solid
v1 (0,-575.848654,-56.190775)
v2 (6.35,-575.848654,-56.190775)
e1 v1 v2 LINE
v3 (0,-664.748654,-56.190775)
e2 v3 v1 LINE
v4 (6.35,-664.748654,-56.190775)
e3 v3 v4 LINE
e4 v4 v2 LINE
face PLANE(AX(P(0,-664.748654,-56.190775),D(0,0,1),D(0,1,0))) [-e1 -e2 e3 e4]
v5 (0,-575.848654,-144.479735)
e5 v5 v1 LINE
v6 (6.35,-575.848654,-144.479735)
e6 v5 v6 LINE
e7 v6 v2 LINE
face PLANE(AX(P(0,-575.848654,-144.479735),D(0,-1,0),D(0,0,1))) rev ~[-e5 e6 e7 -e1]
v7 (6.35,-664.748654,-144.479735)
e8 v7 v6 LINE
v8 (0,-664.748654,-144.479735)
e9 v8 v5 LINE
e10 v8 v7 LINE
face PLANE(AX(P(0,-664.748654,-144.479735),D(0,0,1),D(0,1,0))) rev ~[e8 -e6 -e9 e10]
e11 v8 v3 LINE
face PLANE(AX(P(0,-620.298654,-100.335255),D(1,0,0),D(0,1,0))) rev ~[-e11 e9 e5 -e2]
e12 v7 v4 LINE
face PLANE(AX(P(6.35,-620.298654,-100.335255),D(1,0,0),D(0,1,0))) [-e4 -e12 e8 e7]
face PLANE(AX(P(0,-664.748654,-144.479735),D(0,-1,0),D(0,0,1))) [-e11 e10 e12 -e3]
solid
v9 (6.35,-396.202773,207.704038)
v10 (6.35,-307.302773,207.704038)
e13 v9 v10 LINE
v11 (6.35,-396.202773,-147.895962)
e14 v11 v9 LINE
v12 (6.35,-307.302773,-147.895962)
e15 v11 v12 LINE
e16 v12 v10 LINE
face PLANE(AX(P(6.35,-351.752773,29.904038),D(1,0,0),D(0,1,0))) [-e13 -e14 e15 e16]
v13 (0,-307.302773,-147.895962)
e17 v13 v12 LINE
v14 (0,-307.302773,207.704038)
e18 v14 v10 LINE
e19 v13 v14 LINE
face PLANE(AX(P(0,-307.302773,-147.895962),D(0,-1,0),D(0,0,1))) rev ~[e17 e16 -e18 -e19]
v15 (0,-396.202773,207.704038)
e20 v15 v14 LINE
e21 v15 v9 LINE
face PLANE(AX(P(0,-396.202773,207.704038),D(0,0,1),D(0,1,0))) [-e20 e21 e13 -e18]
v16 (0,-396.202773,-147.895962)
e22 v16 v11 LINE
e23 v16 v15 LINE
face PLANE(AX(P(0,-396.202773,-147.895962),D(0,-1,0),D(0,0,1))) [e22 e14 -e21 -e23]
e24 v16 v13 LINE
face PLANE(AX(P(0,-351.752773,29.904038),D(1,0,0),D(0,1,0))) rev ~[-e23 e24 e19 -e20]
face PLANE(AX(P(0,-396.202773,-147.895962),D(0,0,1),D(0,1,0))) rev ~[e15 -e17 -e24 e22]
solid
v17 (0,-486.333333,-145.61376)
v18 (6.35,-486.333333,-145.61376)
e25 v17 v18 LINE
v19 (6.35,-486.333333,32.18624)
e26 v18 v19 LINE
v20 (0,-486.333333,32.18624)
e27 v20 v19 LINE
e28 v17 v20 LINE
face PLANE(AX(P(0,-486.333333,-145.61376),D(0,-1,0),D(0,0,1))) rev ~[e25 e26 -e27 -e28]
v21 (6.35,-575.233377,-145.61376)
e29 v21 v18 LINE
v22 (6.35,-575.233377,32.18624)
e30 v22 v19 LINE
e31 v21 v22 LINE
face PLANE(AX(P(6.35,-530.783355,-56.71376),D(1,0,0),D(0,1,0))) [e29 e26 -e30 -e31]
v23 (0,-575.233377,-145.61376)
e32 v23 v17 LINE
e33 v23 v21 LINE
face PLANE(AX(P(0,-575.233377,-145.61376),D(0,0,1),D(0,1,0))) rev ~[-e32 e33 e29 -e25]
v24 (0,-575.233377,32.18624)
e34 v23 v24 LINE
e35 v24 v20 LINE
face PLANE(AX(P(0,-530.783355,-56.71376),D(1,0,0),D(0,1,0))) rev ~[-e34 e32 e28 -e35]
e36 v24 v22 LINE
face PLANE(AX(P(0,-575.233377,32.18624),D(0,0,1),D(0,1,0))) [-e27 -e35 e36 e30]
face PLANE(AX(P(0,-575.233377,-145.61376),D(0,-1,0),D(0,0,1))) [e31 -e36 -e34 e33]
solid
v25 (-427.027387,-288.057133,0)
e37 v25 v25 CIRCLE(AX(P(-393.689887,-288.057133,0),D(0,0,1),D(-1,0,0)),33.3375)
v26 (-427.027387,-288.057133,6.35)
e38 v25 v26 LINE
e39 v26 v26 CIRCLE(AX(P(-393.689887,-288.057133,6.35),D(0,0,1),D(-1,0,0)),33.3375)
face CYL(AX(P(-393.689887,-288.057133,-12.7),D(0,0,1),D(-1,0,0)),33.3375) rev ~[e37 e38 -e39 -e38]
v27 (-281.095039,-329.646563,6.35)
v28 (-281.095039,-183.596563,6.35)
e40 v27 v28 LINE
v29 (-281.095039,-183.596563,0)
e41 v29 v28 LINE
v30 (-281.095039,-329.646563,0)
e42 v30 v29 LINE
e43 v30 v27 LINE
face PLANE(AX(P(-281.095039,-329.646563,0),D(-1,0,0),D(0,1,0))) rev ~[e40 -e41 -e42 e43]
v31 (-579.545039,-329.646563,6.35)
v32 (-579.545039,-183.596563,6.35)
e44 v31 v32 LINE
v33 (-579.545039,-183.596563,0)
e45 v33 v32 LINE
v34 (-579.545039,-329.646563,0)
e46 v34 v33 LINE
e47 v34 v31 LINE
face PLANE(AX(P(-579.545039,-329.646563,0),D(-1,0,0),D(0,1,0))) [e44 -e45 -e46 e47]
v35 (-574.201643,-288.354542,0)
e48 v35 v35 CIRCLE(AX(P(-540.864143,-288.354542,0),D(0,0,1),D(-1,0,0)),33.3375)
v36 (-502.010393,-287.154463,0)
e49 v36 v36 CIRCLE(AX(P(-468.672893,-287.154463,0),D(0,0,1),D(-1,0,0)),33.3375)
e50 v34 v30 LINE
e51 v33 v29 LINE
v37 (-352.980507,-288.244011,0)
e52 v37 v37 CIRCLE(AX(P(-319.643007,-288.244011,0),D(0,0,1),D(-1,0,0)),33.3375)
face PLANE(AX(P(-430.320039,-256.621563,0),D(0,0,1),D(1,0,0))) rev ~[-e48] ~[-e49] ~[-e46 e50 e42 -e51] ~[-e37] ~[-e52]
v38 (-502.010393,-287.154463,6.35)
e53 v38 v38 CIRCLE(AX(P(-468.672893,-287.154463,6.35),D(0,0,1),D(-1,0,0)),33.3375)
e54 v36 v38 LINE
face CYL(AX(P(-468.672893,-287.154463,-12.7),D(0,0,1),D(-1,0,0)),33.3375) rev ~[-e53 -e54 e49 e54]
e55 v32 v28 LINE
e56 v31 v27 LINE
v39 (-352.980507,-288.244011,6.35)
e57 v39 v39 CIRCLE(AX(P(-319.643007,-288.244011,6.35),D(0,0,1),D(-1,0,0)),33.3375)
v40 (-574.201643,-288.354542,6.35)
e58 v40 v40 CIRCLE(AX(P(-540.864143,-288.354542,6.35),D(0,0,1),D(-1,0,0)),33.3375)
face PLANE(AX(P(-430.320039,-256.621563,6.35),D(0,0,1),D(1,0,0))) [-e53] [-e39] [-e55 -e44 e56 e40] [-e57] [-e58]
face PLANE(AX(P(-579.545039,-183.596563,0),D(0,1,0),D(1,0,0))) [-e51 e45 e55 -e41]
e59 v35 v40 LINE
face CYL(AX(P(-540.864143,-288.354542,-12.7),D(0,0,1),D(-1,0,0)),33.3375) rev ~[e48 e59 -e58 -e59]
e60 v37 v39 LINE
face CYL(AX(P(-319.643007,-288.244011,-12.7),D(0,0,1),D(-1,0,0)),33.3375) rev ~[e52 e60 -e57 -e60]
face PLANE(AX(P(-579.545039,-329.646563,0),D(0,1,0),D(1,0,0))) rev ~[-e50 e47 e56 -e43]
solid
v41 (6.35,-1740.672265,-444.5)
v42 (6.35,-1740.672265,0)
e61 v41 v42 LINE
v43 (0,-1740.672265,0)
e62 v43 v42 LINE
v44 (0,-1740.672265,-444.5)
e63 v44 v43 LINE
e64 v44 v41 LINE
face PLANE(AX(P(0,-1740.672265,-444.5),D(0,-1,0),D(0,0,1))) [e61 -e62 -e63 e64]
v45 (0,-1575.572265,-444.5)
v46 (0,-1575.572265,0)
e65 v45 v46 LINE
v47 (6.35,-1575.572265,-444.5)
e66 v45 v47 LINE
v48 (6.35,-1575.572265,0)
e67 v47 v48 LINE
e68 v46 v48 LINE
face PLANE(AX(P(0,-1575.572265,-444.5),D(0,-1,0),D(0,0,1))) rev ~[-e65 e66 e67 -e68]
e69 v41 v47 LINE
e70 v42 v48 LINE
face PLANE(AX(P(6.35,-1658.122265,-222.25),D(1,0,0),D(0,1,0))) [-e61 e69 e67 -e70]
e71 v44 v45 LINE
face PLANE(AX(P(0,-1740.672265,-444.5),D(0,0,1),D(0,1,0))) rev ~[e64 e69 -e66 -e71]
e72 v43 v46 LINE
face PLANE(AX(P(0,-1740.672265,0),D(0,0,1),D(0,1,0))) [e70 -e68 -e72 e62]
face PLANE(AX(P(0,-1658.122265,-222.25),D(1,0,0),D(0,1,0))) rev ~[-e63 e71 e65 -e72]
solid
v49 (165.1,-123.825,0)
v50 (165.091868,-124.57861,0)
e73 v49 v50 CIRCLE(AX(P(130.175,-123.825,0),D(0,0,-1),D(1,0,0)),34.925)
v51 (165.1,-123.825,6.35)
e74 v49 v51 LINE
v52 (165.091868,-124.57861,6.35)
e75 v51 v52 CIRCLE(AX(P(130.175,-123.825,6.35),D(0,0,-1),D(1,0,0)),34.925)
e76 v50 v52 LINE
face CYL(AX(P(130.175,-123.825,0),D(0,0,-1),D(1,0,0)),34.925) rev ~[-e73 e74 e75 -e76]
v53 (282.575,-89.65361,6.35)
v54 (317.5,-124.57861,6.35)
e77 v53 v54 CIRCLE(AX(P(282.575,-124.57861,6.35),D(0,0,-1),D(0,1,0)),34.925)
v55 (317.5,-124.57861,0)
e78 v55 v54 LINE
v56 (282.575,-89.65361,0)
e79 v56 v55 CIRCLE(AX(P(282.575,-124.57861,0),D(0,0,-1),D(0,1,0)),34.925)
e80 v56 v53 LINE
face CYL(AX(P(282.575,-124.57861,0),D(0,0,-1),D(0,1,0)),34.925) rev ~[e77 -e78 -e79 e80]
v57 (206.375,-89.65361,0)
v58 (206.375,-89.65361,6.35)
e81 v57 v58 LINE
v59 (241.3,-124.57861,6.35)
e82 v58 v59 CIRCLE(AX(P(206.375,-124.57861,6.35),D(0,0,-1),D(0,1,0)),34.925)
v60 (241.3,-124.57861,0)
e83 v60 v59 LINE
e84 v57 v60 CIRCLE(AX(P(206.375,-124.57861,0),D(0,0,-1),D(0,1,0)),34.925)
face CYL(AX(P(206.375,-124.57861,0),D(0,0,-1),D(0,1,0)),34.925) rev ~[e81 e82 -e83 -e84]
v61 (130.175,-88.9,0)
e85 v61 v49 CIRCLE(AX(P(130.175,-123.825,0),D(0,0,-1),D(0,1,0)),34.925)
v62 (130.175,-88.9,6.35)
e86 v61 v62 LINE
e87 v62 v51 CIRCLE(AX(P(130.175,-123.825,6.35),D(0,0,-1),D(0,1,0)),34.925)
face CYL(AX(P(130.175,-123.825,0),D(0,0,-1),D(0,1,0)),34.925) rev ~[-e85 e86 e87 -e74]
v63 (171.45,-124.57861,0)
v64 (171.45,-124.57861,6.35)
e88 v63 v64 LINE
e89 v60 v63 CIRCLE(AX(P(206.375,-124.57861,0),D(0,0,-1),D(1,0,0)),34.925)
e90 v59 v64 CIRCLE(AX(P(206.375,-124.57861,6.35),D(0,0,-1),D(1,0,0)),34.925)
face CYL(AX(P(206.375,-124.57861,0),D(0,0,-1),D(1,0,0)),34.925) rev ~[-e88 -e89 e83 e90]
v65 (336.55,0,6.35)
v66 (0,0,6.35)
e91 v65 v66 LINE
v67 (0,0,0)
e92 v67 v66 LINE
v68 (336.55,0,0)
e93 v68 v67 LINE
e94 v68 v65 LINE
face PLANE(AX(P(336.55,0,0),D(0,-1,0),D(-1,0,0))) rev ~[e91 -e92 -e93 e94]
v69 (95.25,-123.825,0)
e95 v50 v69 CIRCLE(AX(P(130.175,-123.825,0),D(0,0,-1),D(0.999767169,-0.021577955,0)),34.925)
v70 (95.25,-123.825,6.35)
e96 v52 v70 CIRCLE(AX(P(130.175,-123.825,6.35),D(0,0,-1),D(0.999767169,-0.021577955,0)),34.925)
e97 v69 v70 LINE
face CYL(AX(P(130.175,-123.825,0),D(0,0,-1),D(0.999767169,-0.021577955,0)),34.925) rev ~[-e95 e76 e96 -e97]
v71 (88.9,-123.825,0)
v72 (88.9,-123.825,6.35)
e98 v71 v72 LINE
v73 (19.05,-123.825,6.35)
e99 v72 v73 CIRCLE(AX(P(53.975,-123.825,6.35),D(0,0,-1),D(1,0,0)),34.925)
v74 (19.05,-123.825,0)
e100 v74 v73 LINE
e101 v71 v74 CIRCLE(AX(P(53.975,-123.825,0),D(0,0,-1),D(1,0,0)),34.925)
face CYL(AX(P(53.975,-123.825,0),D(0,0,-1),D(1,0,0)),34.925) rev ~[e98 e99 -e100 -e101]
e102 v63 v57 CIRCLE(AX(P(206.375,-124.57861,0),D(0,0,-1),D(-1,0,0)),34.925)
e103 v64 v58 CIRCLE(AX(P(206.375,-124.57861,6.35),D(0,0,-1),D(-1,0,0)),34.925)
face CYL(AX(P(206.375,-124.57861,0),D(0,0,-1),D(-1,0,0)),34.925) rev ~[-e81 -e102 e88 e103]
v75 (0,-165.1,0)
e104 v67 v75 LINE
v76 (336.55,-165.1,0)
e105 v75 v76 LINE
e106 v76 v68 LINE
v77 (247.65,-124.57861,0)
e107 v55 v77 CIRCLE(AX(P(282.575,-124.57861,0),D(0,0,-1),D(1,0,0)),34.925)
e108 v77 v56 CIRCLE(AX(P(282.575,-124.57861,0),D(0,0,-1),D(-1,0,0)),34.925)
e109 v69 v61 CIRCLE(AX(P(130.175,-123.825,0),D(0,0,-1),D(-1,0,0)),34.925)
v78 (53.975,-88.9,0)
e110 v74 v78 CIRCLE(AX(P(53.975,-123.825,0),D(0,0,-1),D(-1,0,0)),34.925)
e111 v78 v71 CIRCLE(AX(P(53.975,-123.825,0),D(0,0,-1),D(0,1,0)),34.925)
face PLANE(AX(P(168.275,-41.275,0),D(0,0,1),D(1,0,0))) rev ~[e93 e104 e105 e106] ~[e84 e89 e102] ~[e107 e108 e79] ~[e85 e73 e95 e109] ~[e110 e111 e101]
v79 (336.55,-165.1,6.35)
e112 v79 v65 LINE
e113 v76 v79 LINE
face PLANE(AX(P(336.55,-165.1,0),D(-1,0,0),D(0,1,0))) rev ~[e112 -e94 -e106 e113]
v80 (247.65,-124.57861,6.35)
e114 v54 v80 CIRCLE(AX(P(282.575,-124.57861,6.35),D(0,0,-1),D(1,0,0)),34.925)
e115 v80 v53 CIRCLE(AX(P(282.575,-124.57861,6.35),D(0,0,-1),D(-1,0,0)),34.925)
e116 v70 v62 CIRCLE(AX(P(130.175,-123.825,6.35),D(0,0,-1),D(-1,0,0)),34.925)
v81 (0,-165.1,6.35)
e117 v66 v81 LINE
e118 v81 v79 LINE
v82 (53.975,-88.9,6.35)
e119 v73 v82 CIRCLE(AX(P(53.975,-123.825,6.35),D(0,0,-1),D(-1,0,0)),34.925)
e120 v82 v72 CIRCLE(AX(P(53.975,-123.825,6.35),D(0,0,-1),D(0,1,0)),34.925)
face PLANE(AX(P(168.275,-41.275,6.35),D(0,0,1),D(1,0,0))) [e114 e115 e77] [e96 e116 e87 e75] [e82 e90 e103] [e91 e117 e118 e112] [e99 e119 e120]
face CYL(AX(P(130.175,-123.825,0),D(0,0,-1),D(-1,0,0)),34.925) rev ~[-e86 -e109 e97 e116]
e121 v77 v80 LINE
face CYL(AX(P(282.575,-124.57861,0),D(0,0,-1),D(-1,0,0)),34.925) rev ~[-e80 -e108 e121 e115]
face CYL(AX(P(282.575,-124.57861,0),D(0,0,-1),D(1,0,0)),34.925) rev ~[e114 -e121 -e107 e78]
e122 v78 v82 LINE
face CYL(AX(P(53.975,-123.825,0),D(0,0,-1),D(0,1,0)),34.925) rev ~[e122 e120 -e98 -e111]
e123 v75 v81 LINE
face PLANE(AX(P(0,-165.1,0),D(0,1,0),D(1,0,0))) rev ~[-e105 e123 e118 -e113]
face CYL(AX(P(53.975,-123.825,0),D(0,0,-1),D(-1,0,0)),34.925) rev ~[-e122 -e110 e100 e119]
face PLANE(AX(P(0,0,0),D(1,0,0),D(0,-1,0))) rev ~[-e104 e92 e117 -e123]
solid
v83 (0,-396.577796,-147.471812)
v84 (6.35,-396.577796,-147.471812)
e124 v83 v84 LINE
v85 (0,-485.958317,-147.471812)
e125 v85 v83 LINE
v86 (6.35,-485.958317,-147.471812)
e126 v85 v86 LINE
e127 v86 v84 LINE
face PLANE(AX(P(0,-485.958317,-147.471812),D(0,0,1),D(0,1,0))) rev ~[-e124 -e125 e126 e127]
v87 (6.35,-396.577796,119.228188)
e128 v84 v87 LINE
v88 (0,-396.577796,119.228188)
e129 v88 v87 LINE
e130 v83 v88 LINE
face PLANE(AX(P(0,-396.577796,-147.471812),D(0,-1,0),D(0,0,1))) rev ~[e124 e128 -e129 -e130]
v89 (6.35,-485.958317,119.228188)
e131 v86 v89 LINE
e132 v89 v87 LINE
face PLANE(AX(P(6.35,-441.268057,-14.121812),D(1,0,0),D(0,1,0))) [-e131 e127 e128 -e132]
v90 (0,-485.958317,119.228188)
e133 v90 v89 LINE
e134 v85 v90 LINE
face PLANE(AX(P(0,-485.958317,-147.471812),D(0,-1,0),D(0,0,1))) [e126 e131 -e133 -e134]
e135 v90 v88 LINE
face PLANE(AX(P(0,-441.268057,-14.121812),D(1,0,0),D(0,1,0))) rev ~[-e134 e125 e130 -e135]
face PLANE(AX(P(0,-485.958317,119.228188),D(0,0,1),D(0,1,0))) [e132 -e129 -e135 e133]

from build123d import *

# Parameters (mm, degrees)
F1_DEPTH  = 6.35
F6_W      = 165.1
F6_H      = 444.5
F7_DEPTH  = 6.35
F5_W      = 88.9
F5_H      = 88.2889601485
F4_W      = 88.9000443962
F4_H      = 177.8
F3_W      = 89.3805209971
F3_H      = 266.7
F2_W      = 88.9
F2_H      = 355.6
F8_W      = 298.45
F8_H      = 146.05
F10_DEPTH = 6.35
F11_D     = 66.675
F11_DEPTH = 12.7
F11_TIP   = 20.0311908868


with BuildPart() as f1:
    # F0 (on Top) → F1 (new body)
    with BuildSketch(Plane.XY):
        Polygon((336.55, 0), (0, 0), (0, -82.55), (53.975, -82.55), (130.175, -82.55), (206.375, -82.55), (282.575, -82.55), (336.55, -82.55), align=None)
        with BuildLine():
            Line((53.975, -82.55), (0, -82.55))
            Line((0, -82.55), (0, -123.825))
            Line((0, -123.825), (19.05, -123.825))
            ThreePointArc((19.05, -123.825), (29.2792956671, -99.1292956671), (53.975, -88.9))
            Line((53.975, -88.9), (53.975, -82.55))
        make_face()
        with BuildLine():
            Line((130.175, -82.55), (53.975, -82.55))
            Line((53.975, -82.55), (53.975, -88.9))
            ThreePointArc((53.975, -88.9), (78.6707043329, -99.1292956671), (88.9, -123.825))
            Line((88.9, -123.825), (95.25, -123.825))
            ThreePointArc((95.25, -123.825), (105.4792956671, -99.1292956671), (130.175, -88.9))
            Line((130.175, -88.9), (130.175, -82.55))
        make_face()
        with BuildLine():
            Line((206.375, -82.55), (130.175, -82.55))
            Line((130.175, -82.55), (130.175, -88.9))
            ThreePointArc((130.175, -88.9), (154.8707043329, -99.1292956671), (165.1, -123.825))
            ThreePointArc((165.1, -123.825), (165.0979670337, -124.2018269662), (165.0918683715, -124.5786100626))
            Line((165.0918683715, -124.5786100626), (171.45, -124.5786100626))
            ThreePointArc((171.45, -124.5786100626), (181.6792956671, -99.8829057297), (206.375, -89.6536100626))
            Line((206.375, -89.6536100626), (206.375, -82.55))
        make_face()
        with BuildLine():
            Line((282.575, -89.6536100626), (282.575, -82.55))
            Line((282.575, -82.55), (206.375, -82.55))
            Line((206.375, -82.55), (206.375, -89.6536100626))
            ThreePointArc((206.375, -89.6536100626), (231.0707043329, -99.8829057297), (241.3, -124.5786100626))
            Line((241.3, -124.5786100626), (247.65, -124.5786100626))
            ThreePointArc((247.65, -124.5786100626), (257.8792956671, -99.8829057297), (282.575, -89.6536100626))
        make_face()
        with BuildLine():
            Line((336.55, -165.1), (336.55, -82.55))
            Line((336.55, -82.55), (282.575, -82.55))
            Line((282.575, -82.55), (282.575, -89.6536100626))
            ThreePointArc((282.575, -89.6536100626), (307.2707043329, -99.8829057297), (317.5, -124.5786100626))
            ThreePointArc((317.5, -124.5786100626), (282.575, -159.5036100626), (247.65, -124.5786100626))
            Line((247.65, -124.5786100626), (241.3, -124.5786100626))
            ThreePointArc((241.3, -124.5786100626), (206.375, -159.5036100626), (171.45, -124.5786100626))
            Line((171.45, -124.5786100626), (165.0918683715, -124.5786100626))
            ThreePointArc((165.0918683715, -124.5786100626), (129.7981730338, -158.7479670337), (95.25, -123.825))
            Line((95.25, -123.825), (88.9, -123.825))
            ThreePointArc((88.9, -123.825), (53.975, -158.75), (19.05, -123.825))
            Line((19.05, -123.825), (0, -123.825))
            Line((0, -123.825), (0, -165.1))
            Line((0, -165.1), (336.55, -165.1))
        make_face()
    extrude(amount=F1_DEPTH)


with BuildPart() as f7:
    # F6 (on Right) → F7 (new body)
    with BuildSketch(Plane.YZ):
        with Locations((-1658.1222646861, -222.25)):
            Rectangle(F6_W, F6_H)
    extrude(amount=F7_DEPTH)


with BuildPart() as f7b:
    # F5 (on Right) → F7, piece 2 (new body)
    with BuildSketch(Plane.YZ):
        with Locations((-620.298653841, -100.3352551937)):
            Rectangle(F5_W, F5_H)
    extrude(amount=F7_DEPTH)


with BuildPart() as f7c:
    # F4 (on Right) → F7, piece 3 (new body)
    with BuildSketch(Plane.YZ):
        with Locations((-530.7833552361, -56.7137598991)):
            Rectangle(F4_W, F4_H)
    extrude(amount=F7_DEPTH)


with BuildPart() as f7d:
    # F3 (on Right) → F7, piece 4 (new body)
    with BuildSketch(Plane.YZ):
        with Locations((-441.2680566311, -14.121811837)):
            Rectangle(F3_W, F3_H)
    extrude(amount=F7_DEPTH)


with BuildPart() as f7e:
    # F2 (on Right) → F7, piece 5 (new body)
    with BuildSketch(Plane.YZ):
        with Locations((-351.7527729273, 29.9040375065)):
            Rectangle(F2_W, F2_H)
    extrude(amount=F7_DEPTH)


with BuildPart() as f10:
    # F8 (on Top) → F10 (new body)
    with BuildSketch(Plane.XY):
        with Locations((-430.3200393915, -256.6215630923)):
            Rectangle(F8_W, F8_H)
    extrude(amount=F10_DEPTH)

    # F11
    with Locations(Plane(origin=(0, 0, 0), x_dir=(1, 0, 0), z_dir=(0, 0, -1))):
        with Locations((-540.8641432916, 288.3545416575), (-468.6728927806, 287.1544628373), (-393.6898868663, 288.0571330201), (-319.6430068752, 288.2440111145)):
            Hole(F11_D / 2, depth=F11_DEPTH)
            with Locations((0, 0, -(F11_DEPTH + F11_TIP / 2))):  # 118° drill point
                Cone(0, F11_D / 2, F11_TIP, mode=Mode.SUBTRACT)


solid = Compound([f1.part, f7.part, f7b.part, f7c.part, f7d.part, f7e.part, f10.part])
